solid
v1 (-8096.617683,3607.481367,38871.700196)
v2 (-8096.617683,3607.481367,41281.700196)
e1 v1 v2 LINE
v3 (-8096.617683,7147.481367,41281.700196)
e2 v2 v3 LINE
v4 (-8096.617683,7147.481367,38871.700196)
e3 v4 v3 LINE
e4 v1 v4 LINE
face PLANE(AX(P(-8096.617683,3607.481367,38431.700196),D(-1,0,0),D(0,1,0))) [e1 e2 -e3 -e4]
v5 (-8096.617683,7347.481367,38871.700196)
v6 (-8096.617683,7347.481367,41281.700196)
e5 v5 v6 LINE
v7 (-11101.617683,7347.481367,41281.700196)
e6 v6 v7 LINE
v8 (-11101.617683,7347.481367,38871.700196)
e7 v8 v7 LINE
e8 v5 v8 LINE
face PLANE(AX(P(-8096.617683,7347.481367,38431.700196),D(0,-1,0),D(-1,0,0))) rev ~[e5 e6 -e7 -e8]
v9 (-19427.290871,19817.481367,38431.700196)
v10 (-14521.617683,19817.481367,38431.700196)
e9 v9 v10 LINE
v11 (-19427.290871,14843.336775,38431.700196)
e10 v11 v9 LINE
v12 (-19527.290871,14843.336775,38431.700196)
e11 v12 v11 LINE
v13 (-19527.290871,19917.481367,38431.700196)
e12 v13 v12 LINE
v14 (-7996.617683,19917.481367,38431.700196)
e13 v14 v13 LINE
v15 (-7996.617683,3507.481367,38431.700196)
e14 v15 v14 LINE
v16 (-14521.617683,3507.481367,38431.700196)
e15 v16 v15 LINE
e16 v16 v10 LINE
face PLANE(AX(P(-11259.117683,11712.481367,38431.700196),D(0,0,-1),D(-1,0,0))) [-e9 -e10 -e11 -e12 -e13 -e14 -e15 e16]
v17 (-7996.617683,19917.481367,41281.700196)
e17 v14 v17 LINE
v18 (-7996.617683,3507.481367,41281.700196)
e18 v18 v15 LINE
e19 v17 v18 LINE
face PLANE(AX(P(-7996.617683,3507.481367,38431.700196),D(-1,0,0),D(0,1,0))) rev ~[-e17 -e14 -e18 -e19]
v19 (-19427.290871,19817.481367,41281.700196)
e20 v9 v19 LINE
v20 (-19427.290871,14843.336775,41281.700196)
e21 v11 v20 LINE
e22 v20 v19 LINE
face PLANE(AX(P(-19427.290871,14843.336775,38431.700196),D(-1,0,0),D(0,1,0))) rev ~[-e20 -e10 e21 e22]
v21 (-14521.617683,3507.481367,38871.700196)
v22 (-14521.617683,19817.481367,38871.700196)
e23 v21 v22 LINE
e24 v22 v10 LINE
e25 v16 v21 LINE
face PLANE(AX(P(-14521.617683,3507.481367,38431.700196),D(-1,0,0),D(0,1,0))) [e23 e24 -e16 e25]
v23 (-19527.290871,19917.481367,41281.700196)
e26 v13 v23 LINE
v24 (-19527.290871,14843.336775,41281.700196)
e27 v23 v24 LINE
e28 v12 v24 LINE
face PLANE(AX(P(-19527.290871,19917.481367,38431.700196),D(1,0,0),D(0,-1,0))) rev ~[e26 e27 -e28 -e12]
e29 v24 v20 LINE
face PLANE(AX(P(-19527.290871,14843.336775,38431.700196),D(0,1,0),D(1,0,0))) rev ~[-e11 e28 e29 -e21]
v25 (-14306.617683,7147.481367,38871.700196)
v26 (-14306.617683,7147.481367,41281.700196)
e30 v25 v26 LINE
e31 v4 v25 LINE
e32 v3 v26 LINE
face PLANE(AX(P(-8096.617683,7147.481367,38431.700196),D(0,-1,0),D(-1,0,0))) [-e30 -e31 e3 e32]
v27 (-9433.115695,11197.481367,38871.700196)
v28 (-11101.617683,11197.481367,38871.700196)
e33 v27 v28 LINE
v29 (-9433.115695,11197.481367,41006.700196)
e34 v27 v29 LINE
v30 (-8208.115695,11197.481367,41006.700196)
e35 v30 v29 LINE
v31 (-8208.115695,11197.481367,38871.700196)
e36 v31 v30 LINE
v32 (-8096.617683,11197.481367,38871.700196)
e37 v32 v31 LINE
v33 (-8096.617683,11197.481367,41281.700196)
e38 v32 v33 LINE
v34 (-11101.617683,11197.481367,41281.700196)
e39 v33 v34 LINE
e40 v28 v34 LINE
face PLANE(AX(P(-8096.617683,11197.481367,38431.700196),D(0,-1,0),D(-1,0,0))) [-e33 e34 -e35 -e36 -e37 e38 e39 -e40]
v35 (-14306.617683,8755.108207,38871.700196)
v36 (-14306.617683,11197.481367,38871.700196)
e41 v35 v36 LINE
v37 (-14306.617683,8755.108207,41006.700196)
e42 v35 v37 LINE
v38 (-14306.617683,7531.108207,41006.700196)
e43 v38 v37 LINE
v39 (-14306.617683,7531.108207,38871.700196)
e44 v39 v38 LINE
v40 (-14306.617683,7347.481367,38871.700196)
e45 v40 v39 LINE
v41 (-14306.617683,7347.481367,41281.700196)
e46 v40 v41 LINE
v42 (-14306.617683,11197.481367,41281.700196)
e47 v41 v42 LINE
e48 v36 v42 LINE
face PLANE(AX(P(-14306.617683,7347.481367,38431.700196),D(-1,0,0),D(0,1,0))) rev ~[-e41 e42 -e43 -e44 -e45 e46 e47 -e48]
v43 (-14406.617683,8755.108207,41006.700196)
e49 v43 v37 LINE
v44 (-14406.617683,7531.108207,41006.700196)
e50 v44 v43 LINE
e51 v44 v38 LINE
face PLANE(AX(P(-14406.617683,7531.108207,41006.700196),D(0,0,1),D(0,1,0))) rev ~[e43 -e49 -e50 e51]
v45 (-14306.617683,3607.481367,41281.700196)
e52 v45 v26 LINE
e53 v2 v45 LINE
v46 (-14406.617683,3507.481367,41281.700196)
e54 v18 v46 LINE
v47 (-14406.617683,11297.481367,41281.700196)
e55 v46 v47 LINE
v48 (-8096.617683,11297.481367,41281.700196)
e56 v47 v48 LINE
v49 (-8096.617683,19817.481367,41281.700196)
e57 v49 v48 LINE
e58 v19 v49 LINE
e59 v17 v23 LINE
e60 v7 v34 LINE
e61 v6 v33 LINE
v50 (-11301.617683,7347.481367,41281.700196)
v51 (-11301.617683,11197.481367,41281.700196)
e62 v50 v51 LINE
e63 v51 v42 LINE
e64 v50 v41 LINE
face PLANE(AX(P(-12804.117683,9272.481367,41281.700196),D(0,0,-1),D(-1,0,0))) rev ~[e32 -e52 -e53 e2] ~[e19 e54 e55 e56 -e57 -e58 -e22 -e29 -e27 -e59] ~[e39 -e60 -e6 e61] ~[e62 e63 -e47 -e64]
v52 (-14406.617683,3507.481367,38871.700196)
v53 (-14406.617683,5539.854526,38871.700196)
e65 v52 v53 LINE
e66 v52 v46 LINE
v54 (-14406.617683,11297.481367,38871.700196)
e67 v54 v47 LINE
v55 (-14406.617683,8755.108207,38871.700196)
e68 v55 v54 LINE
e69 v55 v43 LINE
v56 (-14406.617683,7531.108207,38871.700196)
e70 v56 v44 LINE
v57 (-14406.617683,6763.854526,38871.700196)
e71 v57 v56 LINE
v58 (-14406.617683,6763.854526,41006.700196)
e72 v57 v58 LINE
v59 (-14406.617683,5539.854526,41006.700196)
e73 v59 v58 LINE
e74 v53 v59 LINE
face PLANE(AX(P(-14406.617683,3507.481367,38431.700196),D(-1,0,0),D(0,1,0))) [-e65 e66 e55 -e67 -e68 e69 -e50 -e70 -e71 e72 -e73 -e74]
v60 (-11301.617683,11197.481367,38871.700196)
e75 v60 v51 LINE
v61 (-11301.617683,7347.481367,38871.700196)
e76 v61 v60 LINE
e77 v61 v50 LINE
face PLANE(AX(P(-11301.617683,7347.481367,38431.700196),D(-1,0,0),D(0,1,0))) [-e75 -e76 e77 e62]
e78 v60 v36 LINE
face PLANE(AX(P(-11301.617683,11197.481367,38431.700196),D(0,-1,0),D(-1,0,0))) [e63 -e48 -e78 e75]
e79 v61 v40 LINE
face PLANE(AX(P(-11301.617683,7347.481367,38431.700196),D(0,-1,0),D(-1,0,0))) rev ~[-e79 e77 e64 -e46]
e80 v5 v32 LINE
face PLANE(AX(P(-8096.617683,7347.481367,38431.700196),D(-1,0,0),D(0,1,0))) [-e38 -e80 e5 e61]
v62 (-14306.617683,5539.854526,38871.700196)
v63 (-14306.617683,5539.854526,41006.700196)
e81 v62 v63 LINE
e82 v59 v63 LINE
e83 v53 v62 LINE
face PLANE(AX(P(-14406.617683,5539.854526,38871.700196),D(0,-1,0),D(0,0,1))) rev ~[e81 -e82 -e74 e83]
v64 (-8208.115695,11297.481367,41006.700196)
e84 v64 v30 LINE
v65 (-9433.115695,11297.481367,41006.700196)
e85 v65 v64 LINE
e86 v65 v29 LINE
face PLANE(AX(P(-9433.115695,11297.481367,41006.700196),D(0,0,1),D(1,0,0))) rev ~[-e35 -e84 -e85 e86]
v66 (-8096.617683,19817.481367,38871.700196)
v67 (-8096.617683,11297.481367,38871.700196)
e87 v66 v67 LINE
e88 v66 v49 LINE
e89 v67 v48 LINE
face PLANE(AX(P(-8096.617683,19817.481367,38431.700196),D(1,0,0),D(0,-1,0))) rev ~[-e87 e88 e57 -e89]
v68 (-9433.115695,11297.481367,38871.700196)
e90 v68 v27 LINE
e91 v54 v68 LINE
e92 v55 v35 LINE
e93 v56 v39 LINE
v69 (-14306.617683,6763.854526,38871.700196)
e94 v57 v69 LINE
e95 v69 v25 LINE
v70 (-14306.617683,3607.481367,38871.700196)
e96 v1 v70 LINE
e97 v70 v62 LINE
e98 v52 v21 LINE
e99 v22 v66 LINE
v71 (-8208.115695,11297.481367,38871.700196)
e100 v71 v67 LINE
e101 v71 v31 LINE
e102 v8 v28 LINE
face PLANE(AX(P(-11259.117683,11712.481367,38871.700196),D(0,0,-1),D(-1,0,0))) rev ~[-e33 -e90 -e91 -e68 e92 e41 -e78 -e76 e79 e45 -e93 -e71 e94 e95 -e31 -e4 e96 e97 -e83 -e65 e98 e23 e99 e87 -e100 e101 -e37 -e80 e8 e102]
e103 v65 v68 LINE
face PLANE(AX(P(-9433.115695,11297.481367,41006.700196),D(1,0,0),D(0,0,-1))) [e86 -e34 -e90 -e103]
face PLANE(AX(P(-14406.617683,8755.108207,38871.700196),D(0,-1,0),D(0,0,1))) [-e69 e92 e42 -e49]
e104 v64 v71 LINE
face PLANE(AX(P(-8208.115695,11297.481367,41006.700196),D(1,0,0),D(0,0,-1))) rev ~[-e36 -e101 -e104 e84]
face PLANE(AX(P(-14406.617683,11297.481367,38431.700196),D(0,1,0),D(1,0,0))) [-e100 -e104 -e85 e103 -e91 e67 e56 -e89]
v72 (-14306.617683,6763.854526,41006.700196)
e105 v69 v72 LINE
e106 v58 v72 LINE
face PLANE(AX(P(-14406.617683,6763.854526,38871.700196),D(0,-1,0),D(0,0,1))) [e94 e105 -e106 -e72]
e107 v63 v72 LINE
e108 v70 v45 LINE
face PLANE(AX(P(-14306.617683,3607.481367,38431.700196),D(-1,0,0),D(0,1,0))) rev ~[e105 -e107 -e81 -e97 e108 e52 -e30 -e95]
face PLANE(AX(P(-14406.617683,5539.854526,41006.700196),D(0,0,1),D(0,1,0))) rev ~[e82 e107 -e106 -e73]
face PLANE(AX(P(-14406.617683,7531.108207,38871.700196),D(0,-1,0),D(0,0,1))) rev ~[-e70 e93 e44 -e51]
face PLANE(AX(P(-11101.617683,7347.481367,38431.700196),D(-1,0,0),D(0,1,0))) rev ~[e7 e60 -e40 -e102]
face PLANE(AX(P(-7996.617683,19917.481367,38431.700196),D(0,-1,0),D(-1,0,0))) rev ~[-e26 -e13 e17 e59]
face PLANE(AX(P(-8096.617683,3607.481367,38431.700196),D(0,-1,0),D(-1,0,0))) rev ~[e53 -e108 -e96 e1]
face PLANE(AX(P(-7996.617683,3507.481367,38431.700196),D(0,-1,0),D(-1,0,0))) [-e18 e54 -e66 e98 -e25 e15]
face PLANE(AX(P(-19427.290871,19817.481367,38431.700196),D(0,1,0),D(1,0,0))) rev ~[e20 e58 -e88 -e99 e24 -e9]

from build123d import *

# Parameters (mm, degrees)
SKETCH1_W           = 6525
SKETCH1_H           = 16410
BOSS_EXTRUDE1_DEPTH = 440
SKETCH2_W           = 3205
SKETCH2_H           = 4050
SKETCH2_W_2         = 3005
SKETCH2_H_2         = 3850
SKETCH2_W_3         = 6410
SKETCH2_H_3         = 3740
SKETCH2_W_4         = 6210
SKETCH2_H_4         = 3540
BOSS_EXTRUDE2_DEPTH = 2850
SKETCH6_W           = 2135
SKETCH6_H           = 1224
CUT_EXTRUDE2_DEPTH  = 1036
SKETCH7_W           = 1225
SKETCH7_H           = 2135
CUT_EXTRUDE3_DEPTH  = 1036


with BuildPart() as part:
    # Sketch1 → Boss-Extrude1 (new body)
    with BuildSketch(Plane(origin=(0, 0, 38431.700196057), x_dir=(-1, 0, 0), z_dir=(0, 0, -1))):
        with Locations((11259.117683291, 11712.481366586)):
            Rectangle(SKETCH1_W, SKETCH1_H)
    extrude(amount=-BOSS_EXTRUDE1_DEPTH)

    # Sketch2 → Boss-Extrude2 (add)
    with BuildSketch(Plane(origin=(0, 0, 38431.700196057), x_dir=(-1, 0, 0), z_dir=(0, 0, -1))):
        with Locations((12804.117683291, 9272.481366586)):
            Rectangle(SKETCH2_W, SKETCH2_H)
        with Locations((12804.117683291, 9272.481366586)):
            Rectangle(SKETCH2_W_2, SKETCH2_H_2, mode=Mode.SUBTRACT)
        with Locations((11201.617683291, 5377.481366586)):
            Rectangle(SKETCH2_W_3, SKETCH2_H_3)
        with Locations((11201.617683291, 5377.481366586)):
            Rectangle(SKETCH2_W_4, SKETCH2_H_4, mode=Mode.SUBTRACT)
        Polygon((7996.617683291, 11297.481366586), (7996.617683291, 7247.481366586), (11201.617683291, 7247.481366586), (11201.617683291, 11297.481366586), (8096.617683291, 11297.481366586), align=None)
        with Locations((9599.117683291, 9272.481366586)):
            Rectangle(SKETCH2_W_2, SKETCH2_H_2, mode=Mode.SUBTRACT)
        Polygon((7996.617683291, 11297.481366586), (7996.617683291, 19917.481366586), (19527.290870624, 19917.481366586), (19527.290870624, 14843.336774649), (19427.290870624, 14843.336774649), (19427.290870624, 19817.481366586), (8096.617683291, 19817.481366586), (8096.617683291, 11297.481366586), align=None)
    extrude(amount=-BOSS_EXTRUDE2_DEPTH)

    # Sketch6 → Cut-Extrude2 (cut)
    with BuildSketch(Plane.ZY.offset(14406.617683291)):
        with Locations((39939.200196057, 8143.108207073)):
            Rectangle(SKETCH6_W, SKETCH6_H)
        with Locations((39939.200196057, 6151.854526099)):
            Rectangle(SKETCH6_W, SKETCH6_H)
    extrude(amount=-CUT_EXTRUDE2_DEPTH, mode=Mode.SUBTRACT)

    # Sketch7 → Cut-Extrude3 (cut)
    with BuildSketch(Plane(origin=(0, 11297.481366586, 0), x_dir=(1, 0, 0), z_dir=(0, 1, 0))):
        with Locations((-8820.615695145, -39939.200196057)):
            Rectangle(SKETCH7_W, SKETCH7_H)
    extrude(amount=-CUT_EXTRUDE3_DEPTH, mode=Mode.SUBTRACT)


solid = part.part
